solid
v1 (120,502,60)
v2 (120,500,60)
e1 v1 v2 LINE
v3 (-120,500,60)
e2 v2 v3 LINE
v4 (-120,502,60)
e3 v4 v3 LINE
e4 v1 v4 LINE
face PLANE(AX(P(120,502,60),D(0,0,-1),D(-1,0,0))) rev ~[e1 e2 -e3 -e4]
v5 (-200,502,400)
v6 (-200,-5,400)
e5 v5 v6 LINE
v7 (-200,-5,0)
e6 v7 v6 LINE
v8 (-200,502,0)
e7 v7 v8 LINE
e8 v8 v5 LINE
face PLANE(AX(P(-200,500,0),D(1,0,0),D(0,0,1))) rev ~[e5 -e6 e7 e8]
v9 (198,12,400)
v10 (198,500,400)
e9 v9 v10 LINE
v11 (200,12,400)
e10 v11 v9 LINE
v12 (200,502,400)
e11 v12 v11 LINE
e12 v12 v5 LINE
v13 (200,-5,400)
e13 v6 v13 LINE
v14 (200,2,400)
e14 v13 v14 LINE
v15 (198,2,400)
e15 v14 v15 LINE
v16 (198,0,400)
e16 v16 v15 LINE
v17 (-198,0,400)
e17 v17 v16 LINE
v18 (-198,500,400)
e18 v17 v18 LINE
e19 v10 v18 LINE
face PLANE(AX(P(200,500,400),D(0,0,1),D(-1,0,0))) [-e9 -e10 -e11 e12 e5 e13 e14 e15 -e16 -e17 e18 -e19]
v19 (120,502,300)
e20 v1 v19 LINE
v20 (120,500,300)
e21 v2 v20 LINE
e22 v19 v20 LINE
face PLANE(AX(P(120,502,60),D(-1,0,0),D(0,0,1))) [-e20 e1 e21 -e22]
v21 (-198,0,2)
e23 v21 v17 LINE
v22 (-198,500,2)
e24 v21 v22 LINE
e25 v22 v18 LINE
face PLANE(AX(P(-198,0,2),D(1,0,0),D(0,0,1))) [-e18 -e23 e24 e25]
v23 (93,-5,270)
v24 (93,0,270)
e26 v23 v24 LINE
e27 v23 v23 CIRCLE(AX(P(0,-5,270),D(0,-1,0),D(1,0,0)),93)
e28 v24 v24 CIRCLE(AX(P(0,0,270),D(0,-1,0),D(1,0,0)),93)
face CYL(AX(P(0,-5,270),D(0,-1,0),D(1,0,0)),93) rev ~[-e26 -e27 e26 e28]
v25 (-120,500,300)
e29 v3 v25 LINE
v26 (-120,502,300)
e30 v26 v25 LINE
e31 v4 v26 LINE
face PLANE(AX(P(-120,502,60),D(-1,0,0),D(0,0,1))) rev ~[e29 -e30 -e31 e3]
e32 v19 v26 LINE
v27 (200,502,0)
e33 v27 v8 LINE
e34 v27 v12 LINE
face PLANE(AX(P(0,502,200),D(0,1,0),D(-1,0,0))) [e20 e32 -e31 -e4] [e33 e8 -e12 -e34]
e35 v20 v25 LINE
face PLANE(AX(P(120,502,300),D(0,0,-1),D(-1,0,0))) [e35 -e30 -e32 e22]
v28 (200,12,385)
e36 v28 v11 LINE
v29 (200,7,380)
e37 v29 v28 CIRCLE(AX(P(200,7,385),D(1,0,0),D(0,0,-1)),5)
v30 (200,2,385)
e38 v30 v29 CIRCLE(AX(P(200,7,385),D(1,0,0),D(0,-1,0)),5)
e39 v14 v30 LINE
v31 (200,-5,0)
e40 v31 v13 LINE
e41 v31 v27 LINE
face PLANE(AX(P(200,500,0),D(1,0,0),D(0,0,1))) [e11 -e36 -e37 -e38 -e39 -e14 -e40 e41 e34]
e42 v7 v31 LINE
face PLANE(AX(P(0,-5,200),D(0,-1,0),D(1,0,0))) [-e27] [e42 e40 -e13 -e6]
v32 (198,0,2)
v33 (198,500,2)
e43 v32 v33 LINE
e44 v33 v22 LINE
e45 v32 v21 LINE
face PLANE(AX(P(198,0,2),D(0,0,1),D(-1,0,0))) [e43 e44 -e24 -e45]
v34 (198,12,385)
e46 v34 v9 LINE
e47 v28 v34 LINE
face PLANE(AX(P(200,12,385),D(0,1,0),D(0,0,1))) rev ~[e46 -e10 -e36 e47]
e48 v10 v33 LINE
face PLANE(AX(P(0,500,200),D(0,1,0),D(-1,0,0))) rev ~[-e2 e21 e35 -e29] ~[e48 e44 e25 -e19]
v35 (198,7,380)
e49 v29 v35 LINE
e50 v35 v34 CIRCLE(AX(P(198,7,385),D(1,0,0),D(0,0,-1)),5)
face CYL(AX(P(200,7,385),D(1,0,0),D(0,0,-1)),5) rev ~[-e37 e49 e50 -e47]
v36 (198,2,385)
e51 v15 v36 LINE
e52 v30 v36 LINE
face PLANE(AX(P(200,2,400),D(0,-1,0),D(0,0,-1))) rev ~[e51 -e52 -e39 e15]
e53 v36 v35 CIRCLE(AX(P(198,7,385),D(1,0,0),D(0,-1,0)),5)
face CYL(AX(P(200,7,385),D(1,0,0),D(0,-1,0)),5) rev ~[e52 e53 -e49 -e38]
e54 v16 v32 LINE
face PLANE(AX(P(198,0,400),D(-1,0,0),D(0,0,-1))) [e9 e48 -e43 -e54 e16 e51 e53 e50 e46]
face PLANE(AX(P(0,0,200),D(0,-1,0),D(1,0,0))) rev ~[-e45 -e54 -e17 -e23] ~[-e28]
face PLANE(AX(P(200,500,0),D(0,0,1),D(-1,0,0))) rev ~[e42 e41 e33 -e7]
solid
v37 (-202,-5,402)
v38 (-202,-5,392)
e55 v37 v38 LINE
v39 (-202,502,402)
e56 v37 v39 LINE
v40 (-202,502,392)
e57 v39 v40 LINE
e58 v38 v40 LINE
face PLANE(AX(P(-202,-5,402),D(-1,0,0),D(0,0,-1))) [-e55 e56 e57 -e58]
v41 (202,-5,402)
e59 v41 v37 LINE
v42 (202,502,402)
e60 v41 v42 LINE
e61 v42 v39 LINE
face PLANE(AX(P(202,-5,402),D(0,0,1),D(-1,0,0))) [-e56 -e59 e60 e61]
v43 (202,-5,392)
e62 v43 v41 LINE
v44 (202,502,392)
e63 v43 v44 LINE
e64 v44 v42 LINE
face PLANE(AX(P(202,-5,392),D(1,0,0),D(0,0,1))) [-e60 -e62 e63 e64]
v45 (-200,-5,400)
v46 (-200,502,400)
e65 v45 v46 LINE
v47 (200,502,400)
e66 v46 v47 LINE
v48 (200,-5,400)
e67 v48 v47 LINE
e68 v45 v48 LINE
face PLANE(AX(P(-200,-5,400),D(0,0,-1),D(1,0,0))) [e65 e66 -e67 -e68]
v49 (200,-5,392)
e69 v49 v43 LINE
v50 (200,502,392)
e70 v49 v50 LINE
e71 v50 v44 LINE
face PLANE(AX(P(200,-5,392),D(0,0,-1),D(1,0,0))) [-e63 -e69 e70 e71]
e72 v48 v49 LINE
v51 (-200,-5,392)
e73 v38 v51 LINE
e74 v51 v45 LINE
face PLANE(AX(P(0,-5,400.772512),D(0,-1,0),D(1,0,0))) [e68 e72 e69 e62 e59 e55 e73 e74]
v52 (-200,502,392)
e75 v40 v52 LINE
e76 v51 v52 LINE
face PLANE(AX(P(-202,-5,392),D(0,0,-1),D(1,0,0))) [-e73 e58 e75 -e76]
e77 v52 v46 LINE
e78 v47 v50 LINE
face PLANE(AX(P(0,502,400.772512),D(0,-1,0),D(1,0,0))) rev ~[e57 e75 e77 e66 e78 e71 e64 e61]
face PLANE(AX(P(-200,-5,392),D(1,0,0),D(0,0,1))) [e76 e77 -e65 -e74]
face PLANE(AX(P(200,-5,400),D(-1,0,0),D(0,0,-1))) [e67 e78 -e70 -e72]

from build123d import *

# Parameters (mm, degrees)
F1_DEPTH  = 500
F2_W      = 400
F2_H      = 400
F3_DEPTH  = 5
F4_R      = 93
F5_DEPTH  = 5
F7_DEPTH  = 2
F8_W      = 400
F8_H      = 400
F9_DEPTH  = 2
F10_W     = 240
F10_H     = 240
F11_DEPTH = 2
F13_DEPTH = 507


with BuildPart() as f1:
    # F0 (on Front) → F1 (new body)
    with BuildSketch(Plane.XZ):
        Polygon((-200, 0), (200, 0), (200, 400), (198, 400), (198, 2), (-198, 2), (-198, 400), (-200, 400), align=None)
    extrude(amount=-F1_DEPTH)

    # F2 (on face) → F3 (join)
    with BuildSketch(Plane.XZ):
        with Locations((0, 200)):
            Rectangle(F2_W, F2_H)
    extrude(amount=F3_DEPTH)

    # F4 (on face) → F5 (cut, through all)
    with BuildSketch(Plane.XZ.offset(5)):
        with Locations((0, 270)):
            Circle(F4_R)
    extrude(amount=-F5_DEPTH, mode=Mode.SUBTRACT)

    # F6 (on face) → F7 (cut, through all)
    with BuildSketch(Plane.YZ.offset(200)):
        with BuildLine():
            Line((12, 400), (2, 400))
            Line((2, 400), (2, 385))
            ThreePointArc((2, 385), (3.4644660941, 381.4644660941), (7, 380))
            ThreePointArc((7, 380), (10.5355339059, 381.4644660941), (12, 385))
            Line((12, 385), (12, 400))
        make_face()
    extrude(amount=-F7_DEPTH, mode=Mode.SUBTRACT)

    # F8 (on face) → F9 (join)
    with BuildSketch(Plane(origin=(0, 500, 0), x_dir=(-1, 0, 0), z_dir=(0, 1, 0))):
        with Locations((0, 200)):
            Rectangle(F8_W, F8_H)
    extrude(amount=F9_DEPTH)

    # F10 (on face) → F11 (cut, through all)
    with BuildSketch(Plane(origin=(0, 502, 0), x_dir=(-1, 0, 0), z_dir=(0, 1, 0))):
        with Locations((0, 180)):
            Rectangle(F10_W, F10_H)
    extrude(amount=-F11_DEPTH, mode=Mode.SUBTRACT)


with BuildPart() as f13:
    # F12 (on face) → F13 (new body, through all)
    with BuildSketch(Plane.XZ.offset(5)):
        Polygon((-200, 392), (-200, 400), (200, 400), (200, 392), (202, 392), (202, 402), (-202, 402), (-202, 392), align=None)
    extrude(amount=-F13_DEPTH)


solid = Compound([f1.part, f13.part])
